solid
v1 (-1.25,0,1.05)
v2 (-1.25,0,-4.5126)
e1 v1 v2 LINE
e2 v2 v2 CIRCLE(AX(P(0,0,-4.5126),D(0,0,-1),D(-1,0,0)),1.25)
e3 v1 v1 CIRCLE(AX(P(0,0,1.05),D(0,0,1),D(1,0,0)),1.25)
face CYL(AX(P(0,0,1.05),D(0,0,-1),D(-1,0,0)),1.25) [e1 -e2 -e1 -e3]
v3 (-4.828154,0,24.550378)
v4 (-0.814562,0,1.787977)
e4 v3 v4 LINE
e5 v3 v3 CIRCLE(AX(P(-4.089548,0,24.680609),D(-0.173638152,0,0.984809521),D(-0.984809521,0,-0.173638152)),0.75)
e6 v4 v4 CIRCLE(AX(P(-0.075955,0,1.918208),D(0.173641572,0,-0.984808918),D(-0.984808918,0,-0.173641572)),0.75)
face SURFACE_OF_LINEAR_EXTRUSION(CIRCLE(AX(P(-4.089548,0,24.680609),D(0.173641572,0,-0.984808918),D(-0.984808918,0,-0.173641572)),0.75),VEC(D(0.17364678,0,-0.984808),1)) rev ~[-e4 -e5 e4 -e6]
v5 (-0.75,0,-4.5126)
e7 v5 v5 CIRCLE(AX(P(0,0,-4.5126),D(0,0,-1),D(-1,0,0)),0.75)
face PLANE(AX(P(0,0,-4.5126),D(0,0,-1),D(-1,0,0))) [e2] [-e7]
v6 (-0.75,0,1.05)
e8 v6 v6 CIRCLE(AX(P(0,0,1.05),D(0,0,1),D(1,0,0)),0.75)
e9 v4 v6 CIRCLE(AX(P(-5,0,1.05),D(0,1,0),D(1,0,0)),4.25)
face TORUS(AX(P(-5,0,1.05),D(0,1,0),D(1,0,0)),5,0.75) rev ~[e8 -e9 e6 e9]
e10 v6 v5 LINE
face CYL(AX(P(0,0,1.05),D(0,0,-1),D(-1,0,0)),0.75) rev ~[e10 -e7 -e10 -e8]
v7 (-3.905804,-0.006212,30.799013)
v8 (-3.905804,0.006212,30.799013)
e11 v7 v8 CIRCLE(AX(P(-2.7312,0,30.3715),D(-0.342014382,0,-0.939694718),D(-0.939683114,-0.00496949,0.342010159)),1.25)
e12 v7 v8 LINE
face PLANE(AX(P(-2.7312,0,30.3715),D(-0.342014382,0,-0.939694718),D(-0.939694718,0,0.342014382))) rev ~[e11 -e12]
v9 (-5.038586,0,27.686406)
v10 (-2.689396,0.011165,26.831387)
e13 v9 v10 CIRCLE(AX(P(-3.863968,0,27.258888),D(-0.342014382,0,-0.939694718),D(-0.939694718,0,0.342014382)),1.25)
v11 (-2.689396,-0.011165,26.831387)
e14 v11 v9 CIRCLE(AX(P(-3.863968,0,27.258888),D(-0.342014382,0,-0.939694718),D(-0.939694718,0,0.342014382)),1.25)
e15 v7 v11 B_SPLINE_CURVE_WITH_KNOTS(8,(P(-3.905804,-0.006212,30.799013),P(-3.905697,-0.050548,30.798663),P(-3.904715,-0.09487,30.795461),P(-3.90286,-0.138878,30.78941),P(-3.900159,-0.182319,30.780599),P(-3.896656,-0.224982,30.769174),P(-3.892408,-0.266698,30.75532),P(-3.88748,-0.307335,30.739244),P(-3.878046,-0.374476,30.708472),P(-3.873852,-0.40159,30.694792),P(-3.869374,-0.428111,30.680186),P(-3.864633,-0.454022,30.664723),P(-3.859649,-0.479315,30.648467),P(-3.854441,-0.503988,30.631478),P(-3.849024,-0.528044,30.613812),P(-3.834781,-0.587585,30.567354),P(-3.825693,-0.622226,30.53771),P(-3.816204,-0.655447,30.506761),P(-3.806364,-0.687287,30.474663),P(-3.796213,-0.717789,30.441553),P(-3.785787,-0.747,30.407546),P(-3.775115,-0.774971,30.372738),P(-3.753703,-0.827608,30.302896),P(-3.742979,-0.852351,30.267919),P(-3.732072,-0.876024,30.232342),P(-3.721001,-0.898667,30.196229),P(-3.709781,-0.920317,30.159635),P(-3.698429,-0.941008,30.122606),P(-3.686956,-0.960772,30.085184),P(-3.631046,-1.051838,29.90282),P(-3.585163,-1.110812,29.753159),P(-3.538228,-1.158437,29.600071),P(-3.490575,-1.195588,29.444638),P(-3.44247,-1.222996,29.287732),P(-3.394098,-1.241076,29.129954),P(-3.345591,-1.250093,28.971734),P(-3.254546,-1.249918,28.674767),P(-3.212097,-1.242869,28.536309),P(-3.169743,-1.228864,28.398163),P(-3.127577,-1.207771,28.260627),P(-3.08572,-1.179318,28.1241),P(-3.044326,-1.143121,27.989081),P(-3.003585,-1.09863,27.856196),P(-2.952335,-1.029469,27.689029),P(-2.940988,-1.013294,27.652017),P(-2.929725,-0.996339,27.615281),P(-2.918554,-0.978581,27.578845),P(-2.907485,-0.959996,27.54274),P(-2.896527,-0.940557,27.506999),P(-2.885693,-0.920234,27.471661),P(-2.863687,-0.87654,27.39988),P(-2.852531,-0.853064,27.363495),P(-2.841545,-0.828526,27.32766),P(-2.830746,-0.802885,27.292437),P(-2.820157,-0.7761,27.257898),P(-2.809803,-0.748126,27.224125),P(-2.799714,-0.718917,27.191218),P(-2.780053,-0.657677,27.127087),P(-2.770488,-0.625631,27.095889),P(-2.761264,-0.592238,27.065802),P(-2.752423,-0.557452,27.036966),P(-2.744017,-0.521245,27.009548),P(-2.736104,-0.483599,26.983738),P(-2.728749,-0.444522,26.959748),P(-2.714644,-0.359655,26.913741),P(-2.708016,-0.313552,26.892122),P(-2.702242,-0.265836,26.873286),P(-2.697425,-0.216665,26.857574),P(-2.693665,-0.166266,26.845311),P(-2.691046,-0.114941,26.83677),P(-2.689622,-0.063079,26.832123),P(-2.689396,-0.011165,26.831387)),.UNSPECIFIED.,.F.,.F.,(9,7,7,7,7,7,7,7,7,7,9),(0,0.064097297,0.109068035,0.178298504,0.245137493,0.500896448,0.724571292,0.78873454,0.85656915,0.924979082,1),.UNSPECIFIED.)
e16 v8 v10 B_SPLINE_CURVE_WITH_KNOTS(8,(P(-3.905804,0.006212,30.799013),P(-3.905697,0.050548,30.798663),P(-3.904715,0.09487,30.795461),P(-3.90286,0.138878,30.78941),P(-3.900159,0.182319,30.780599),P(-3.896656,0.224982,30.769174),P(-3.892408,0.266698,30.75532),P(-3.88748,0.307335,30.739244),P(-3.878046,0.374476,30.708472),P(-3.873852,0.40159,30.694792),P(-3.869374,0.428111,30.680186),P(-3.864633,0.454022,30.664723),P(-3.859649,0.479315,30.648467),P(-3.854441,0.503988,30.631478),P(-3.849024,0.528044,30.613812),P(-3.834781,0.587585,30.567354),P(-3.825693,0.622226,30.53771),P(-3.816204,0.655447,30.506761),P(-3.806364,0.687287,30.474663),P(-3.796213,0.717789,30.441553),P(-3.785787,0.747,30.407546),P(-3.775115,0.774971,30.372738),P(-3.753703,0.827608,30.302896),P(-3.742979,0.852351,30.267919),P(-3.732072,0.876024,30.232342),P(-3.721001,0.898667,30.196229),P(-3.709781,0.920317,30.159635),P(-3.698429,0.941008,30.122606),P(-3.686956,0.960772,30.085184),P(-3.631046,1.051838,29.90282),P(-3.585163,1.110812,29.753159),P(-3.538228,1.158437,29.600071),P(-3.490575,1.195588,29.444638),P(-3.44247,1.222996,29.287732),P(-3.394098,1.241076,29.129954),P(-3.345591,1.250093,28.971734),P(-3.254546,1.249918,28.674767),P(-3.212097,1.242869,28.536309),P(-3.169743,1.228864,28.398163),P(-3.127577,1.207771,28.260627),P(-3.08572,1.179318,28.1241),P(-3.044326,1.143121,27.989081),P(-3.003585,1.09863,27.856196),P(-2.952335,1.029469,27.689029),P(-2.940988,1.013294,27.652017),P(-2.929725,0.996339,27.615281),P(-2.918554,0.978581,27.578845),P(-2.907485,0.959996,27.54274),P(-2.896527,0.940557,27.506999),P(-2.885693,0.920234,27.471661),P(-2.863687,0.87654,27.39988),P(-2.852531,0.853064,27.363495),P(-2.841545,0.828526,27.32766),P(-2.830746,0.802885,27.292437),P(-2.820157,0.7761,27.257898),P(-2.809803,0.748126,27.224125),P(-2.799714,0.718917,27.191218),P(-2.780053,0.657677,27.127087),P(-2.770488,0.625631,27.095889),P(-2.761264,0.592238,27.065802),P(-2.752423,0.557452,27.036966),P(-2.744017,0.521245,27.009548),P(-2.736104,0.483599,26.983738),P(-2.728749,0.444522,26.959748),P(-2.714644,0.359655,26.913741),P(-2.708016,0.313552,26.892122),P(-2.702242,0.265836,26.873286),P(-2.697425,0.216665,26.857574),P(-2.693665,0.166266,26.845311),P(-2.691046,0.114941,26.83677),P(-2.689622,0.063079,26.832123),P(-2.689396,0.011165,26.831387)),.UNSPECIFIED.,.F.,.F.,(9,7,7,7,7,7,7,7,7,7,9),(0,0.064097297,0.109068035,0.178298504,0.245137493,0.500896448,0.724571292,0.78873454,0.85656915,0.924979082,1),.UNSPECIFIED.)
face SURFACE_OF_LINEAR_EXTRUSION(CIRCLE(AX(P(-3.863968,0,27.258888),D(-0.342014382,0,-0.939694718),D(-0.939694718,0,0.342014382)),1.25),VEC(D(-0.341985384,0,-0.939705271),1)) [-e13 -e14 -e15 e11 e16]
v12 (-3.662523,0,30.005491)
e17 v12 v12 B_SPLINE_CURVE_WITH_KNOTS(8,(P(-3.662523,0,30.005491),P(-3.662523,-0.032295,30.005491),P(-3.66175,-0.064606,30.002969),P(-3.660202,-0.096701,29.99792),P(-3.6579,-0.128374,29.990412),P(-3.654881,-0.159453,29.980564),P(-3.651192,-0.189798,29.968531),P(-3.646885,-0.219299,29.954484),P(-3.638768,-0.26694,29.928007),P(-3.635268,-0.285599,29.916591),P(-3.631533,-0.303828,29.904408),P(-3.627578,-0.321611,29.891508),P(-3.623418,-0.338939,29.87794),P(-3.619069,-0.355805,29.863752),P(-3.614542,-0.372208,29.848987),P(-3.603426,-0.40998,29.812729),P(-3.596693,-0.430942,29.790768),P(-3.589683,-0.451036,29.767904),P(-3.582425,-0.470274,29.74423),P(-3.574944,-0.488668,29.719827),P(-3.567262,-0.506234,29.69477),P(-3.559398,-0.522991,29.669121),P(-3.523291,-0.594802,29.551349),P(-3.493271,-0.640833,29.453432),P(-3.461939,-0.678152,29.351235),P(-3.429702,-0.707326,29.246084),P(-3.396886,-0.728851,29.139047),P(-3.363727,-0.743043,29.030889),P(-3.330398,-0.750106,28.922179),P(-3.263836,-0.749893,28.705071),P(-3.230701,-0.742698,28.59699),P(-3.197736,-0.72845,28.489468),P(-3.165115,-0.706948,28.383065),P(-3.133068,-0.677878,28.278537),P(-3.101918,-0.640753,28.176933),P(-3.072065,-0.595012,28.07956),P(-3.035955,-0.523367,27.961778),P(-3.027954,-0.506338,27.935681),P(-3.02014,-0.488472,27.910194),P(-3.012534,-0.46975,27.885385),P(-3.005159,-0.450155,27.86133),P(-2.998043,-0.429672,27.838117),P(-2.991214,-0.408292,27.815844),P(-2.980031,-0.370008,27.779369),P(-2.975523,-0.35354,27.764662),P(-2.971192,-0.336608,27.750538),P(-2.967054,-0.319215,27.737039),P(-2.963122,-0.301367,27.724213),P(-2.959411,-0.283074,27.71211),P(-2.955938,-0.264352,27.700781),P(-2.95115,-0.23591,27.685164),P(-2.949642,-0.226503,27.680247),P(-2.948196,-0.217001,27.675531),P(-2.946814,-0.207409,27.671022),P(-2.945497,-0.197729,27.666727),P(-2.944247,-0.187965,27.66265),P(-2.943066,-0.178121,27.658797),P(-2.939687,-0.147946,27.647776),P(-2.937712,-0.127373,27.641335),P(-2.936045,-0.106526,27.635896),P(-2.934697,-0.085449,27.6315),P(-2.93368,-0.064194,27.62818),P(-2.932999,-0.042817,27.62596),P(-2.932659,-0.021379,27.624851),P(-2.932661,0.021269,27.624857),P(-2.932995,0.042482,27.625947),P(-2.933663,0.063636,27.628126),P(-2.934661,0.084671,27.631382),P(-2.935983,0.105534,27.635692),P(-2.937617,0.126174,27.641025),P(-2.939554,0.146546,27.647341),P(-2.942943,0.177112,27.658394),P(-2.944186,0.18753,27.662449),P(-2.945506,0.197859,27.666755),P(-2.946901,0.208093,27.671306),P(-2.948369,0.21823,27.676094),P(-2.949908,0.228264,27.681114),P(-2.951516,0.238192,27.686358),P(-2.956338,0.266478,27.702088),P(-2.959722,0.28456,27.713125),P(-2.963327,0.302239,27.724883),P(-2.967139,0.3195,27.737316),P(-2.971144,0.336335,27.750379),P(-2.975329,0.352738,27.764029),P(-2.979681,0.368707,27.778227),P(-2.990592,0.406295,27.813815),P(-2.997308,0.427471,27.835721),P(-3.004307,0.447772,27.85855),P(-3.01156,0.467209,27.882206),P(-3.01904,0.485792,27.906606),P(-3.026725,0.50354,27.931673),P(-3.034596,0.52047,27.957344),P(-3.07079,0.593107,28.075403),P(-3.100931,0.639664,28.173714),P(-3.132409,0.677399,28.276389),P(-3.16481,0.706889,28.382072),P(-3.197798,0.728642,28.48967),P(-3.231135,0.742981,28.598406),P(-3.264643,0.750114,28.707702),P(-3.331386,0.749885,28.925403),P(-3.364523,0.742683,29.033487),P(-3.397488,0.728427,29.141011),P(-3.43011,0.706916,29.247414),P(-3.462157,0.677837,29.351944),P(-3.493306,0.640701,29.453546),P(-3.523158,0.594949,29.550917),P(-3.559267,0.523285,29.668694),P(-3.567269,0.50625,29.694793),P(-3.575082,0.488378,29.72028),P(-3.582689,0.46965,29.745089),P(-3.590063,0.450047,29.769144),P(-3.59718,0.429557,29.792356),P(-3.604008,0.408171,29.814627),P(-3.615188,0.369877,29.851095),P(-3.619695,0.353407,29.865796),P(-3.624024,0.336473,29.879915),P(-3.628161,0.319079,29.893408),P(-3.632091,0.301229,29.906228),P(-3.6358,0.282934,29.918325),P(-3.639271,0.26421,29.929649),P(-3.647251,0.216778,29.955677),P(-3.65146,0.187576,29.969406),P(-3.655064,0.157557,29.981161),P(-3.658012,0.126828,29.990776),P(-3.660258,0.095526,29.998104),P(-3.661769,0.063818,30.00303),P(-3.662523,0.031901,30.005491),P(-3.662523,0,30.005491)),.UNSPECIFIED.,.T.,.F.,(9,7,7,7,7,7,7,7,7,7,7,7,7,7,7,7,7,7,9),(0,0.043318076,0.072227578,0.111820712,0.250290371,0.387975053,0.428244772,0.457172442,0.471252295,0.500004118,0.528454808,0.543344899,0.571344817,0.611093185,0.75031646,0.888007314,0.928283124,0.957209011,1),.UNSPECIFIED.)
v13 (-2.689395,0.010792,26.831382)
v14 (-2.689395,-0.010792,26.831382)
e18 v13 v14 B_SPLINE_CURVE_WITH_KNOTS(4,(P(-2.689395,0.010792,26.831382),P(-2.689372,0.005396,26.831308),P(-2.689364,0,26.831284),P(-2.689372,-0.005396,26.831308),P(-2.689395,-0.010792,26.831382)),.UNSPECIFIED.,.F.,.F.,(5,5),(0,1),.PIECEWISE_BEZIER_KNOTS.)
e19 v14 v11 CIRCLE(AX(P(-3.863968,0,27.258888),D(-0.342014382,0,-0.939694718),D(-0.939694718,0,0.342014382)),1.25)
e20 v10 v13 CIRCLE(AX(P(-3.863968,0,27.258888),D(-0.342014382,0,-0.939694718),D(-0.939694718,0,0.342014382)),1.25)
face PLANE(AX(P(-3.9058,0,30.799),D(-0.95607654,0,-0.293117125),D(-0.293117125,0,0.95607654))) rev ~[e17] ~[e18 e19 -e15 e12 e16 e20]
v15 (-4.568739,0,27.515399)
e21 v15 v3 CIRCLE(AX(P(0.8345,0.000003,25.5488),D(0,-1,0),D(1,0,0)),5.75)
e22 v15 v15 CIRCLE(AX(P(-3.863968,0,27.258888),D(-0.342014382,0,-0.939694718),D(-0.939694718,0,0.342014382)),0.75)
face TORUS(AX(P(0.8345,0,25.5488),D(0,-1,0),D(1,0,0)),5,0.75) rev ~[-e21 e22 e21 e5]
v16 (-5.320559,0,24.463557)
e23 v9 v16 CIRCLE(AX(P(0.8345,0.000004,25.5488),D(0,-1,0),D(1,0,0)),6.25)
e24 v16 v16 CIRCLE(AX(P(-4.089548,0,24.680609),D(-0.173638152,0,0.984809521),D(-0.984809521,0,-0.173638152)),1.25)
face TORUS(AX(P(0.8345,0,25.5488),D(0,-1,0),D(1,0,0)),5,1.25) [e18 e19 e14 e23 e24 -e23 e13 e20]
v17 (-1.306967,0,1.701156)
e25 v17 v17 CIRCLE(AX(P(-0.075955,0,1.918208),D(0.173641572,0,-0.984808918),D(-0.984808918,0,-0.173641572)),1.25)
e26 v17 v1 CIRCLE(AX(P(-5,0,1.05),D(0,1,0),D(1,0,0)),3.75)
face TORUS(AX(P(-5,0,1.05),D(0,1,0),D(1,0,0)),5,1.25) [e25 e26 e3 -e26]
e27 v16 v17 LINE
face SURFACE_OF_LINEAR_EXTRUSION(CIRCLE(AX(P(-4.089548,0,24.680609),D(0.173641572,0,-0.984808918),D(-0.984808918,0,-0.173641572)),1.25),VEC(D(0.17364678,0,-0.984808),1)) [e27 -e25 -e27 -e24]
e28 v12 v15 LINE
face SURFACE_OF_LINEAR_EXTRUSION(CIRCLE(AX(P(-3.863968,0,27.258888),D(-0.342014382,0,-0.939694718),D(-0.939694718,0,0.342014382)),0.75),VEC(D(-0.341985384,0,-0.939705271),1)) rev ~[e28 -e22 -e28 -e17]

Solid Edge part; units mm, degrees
sketch "Sketch1" plane through (0, 0, 0) normal (0, -1, 0) x (1, 0, 0)
  line L0 (0, 1.05) -> (0, -4.5126)
  arc A0 (-0.076, 1.9182) -> (0, 1.05) centre (-5, 1.05) cw
  line L1 (-4.0896, 24.6806) -> (-0.076, 1.9182)
  arc A1 (-4.0896, 24.6806) -> (-3.864, 27.2589) centre (0.8345, 25.5488) cw
  line L2 (-3.864, 27.2589) -> (-2.7312, 30.3715)
sketch "Sketch2" plane through (0, 0, -4.5126) normal (0, 0, -1) x (-1, 0, 0)
  circle A0 centre (0, 0) radius 1.25
  dimension "D1" = 0.5
sweep "SweptProtrusion_2" add profiles "Sketch2" path "Sketch1"
sketch "Sketch3" plane through (0, 0, 0) normal (0, -1, 0) x (1, 0, 0)
  line L0 (0, 1.05) -> (0, -4.5126)
  arc A0 (-0.076, 1.9182) -> (0, 1.05) centre (-5, 1.05) cw
  line L1 (-4.0896, 24.6806) -> (-0.076, 1.9182)
  arc A1 (-4.0896, 24.6806) -> (-3.864, 27.2589) centre (0.8345, 25.5488) cw
  line L2 (-3.864, 27.2589) -> (-2.7312, 30.3715)
sketch "Sketch4" plane through (0, 0, -4.5126) normal (0, 0, -1) x (-1, 0, 0)
  circle A0 centre (0, 0) radius 0.75
  dimension "D1" = 0.5
sweep "SweptCutout_1" cut profiles "Sketch4" path "Sketch3"
sketch "Sketch5" plane through (0, 0, 0) normal (0, -1, 0) x (1, 0, 0)
  line L0 (-3.9058, 30.799) -> (-2.6894, 26.8314)
extrude "ExtrudedCutout_1" cut sketch "Sketch5" along normal mid plane 7.6718 material side at (-3.2498, 0, 28.8299)
properties material "Galvanized steel"
